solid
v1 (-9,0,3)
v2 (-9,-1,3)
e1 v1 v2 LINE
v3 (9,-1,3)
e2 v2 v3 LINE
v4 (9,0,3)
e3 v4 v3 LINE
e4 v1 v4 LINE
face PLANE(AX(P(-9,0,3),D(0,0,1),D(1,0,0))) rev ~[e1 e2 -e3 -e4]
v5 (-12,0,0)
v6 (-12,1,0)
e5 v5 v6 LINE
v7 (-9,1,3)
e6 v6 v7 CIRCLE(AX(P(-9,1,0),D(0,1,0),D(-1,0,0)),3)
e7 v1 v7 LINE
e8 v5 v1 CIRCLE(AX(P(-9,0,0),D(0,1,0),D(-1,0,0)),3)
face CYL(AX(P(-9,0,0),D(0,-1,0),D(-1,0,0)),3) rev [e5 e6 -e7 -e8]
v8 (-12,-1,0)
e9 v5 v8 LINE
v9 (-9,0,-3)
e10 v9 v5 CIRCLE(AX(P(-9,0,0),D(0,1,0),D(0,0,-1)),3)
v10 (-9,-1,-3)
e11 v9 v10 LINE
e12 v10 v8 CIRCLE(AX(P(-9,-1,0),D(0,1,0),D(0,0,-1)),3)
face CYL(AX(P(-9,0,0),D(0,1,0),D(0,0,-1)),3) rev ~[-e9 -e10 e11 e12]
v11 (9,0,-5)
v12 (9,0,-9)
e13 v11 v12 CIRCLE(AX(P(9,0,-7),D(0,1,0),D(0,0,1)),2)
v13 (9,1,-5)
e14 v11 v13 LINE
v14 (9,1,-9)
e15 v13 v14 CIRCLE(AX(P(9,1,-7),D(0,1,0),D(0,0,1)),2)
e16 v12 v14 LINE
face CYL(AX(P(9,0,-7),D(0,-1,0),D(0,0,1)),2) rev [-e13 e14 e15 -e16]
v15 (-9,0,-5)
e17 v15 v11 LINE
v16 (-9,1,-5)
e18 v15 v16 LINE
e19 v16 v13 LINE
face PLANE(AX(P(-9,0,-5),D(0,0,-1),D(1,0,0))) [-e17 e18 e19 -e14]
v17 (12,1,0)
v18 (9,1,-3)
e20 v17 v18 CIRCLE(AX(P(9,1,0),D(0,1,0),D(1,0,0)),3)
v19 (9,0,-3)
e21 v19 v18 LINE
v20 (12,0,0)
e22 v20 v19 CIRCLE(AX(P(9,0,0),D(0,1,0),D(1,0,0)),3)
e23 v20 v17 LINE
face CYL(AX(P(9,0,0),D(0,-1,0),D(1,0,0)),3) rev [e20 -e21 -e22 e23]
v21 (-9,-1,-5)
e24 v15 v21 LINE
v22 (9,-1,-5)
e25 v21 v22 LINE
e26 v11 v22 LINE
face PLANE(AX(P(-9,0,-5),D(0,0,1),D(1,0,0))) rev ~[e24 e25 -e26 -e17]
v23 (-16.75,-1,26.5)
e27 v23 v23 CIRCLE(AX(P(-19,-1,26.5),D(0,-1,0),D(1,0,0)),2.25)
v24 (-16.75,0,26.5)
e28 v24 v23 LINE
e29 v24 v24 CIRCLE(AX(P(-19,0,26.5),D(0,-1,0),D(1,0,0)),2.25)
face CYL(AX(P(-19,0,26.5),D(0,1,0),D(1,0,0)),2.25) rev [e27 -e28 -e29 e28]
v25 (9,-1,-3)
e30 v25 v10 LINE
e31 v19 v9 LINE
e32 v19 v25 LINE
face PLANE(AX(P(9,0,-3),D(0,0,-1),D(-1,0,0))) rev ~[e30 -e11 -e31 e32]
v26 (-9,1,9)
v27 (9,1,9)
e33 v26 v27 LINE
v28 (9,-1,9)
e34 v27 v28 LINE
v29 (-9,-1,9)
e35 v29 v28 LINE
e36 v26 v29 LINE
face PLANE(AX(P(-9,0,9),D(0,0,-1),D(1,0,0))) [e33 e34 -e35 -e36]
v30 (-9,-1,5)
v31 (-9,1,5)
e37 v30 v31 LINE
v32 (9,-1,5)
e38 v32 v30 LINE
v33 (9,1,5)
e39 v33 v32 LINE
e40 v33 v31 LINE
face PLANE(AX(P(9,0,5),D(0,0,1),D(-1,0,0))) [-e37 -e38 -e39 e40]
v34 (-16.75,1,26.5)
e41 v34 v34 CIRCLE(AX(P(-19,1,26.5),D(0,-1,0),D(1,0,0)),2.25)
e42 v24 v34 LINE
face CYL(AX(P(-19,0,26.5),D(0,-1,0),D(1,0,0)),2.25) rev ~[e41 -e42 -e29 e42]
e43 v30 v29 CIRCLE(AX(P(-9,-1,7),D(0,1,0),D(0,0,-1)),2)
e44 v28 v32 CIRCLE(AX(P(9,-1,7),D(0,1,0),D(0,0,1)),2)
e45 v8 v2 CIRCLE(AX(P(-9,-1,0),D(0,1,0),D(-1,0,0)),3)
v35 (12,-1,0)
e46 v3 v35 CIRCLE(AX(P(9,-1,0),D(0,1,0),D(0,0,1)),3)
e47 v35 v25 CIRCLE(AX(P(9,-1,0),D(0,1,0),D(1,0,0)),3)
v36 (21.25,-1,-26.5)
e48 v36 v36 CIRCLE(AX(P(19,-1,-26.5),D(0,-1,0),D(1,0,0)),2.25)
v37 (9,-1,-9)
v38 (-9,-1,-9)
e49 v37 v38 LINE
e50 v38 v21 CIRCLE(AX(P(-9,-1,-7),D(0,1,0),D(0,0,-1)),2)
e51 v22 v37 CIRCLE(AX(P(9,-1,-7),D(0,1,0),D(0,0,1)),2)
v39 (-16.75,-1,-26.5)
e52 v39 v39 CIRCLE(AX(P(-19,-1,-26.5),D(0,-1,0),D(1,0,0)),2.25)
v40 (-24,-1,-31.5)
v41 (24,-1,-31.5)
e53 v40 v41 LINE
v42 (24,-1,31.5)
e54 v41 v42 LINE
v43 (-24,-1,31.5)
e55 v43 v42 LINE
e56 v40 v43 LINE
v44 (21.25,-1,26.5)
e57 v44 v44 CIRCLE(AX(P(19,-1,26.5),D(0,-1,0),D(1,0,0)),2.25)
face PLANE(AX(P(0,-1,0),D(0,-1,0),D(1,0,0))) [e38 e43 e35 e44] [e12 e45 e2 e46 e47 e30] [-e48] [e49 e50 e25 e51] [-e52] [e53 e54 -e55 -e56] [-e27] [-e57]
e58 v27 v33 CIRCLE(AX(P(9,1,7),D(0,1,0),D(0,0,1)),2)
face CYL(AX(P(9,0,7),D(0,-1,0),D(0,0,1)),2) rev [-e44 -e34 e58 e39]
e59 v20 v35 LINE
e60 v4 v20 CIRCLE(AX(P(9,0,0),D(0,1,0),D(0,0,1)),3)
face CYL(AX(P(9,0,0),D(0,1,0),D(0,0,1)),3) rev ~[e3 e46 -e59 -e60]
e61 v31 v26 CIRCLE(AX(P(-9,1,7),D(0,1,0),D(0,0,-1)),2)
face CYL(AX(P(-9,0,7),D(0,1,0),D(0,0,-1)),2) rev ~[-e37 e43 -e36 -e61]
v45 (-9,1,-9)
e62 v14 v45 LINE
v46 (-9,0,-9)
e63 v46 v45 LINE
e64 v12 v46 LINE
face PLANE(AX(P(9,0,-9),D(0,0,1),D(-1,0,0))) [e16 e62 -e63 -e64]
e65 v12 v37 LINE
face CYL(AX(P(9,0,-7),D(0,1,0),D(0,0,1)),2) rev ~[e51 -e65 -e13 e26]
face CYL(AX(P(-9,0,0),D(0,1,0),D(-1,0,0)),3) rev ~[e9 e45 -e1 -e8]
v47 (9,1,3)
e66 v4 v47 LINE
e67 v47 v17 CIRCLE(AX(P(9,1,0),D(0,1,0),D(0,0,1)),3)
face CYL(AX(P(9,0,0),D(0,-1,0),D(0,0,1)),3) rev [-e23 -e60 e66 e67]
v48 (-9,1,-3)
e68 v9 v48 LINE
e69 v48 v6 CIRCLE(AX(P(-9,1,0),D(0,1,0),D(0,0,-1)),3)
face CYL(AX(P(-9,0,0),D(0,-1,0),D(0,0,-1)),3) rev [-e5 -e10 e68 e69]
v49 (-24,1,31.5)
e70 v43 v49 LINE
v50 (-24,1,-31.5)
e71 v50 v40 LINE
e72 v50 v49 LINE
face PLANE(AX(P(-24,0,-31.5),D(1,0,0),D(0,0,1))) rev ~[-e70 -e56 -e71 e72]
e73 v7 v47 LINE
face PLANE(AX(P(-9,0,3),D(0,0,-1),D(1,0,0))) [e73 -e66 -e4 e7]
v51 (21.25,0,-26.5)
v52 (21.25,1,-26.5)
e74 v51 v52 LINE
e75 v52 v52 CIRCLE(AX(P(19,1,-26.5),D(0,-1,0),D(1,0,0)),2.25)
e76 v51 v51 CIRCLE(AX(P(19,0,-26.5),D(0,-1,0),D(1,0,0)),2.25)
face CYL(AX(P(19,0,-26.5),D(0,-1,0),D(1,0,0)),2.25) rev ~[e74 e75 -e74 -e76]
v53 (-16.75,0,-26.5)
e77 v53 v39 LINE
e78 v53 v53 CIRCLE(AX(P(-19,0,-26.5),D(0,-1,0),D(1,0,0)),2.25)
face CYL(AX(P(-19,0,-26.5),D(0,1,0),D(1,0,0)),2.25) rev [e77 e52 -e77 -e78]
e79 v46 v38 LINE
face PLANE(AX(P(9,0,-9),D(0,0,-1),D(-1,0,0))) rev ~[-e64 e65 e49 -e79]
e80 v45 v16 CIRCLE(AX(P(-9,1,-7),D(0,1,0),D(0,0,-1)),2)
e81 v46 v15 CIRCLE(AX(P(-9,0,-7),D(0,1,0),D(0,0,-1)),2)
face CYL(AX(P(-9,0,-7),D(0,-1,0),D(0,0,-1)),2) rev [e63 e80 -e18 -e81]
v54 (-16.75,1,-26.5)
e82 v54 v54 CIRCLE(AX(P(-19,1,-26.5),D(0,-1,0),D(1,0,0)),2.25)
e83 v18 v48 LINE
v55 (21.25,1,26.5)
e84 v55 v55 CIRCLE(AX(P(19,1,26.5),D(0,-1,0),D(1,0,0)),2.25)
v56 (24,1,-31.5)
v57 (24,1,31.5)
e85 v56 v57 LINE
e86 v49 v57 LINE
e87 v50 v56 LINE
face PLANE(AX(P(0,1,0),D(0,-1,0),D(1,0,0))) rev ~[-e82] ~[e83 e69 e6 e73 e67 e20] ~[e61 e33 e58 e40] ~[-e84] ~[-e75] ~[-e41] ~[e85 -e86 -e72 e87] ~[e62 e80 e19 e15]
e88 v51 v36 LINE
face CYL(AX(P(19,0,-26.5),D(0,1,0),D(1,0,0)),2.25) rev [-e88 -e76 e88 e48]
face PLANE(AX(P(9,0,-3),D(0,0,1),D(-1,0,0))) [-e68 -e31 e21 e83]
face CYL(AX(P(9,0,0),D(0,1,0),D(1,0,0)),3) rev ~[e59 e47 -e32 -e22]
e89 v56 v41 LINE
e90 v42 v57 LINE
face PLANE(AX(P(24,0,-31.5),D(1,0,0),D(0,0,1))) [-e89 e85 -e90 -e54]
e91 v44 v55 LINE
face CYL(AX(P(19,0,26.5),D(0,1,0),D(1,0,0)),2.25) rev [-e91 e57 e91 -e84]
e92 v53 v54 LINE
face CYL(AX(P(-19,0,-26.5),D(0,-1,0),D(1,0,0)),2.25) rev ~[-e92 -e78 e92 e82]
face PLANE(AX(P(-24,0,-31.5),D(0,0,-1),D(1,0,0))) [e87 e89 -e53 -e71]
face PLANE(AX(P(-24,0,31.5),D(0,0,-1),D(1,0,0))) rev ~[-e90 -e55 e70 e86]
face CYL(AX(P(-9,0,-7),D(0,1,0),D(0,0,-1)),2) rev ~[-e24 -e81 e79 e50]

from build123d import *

# Parameters (mm, degrees)
F0_W     = 48
F0_H     = 63
F0_R     = 2.25
F1_DEPTH = 1


with BuildPart() as f1:
    # F0 (on Front) → F1 (new body, symmetric)
    with BuildSketch(Plane.XZ):
        Rectangle(F0_W, F0_H)
        with Locations((-19, -26.5)):
            Circle(F0_R, mode=Mode.SUBTRACT)
        with Locations((19, -26.5)):
            Circle(F0_R, mode=Mode.SUBTRACT)
        with BuildLine():
            Line((9, -9), (-9, -9))
            ThreePointArc((-9, -9), (-11, -7), (-9, -5))
            Line((-9, -5), (9, -5))
            ThreePointArc((9, -5), (11, -7), (9, -9))
        make_face(mode=Mode.SUBTRACT)
        with Locations((-19, 26.5)):
            Circle(F0_R, mode=Mode.SUBTRACT)
        with BuildLine():
            Line((9, -3), (-9, -3))
            ThreePointArc((-9, -3), (-11.1213203436, -2.1213203436), (-12, 0))
            ThreePointArc((-12, 0), (-11.1213203436, 2.1213203436), (-9, 3))
            Line((-9, 3), (0, 3))
            Line((0, 3), (9, 3))
            ThreePointArc((9, 3), (11.1213203436, 2.1213203436), (12, 0))
            ThreePointArc((12, 0), (11.1213203436, -2.1213203436), (9, -3))
        make_face(mode=Mode.SUBTRACT)
        with BuildLine():
            Line((9, 5), (-9, 5))
            ThreePointArc((-9, 5), (-11, 7), (-9, 9))
            Line((-9, 9), (9, 9))
            ThreePointArc((9, 9), (11, 7), (9, 5))
        make_face(mode=Mode.SUBTRACT)
        with Locations((19, 26.5)):
            Circle(F0_R, mode=Mode.SUBTRACT)
    extrude(amount=F1_DEPTH, both=True)


solid = f1.part
